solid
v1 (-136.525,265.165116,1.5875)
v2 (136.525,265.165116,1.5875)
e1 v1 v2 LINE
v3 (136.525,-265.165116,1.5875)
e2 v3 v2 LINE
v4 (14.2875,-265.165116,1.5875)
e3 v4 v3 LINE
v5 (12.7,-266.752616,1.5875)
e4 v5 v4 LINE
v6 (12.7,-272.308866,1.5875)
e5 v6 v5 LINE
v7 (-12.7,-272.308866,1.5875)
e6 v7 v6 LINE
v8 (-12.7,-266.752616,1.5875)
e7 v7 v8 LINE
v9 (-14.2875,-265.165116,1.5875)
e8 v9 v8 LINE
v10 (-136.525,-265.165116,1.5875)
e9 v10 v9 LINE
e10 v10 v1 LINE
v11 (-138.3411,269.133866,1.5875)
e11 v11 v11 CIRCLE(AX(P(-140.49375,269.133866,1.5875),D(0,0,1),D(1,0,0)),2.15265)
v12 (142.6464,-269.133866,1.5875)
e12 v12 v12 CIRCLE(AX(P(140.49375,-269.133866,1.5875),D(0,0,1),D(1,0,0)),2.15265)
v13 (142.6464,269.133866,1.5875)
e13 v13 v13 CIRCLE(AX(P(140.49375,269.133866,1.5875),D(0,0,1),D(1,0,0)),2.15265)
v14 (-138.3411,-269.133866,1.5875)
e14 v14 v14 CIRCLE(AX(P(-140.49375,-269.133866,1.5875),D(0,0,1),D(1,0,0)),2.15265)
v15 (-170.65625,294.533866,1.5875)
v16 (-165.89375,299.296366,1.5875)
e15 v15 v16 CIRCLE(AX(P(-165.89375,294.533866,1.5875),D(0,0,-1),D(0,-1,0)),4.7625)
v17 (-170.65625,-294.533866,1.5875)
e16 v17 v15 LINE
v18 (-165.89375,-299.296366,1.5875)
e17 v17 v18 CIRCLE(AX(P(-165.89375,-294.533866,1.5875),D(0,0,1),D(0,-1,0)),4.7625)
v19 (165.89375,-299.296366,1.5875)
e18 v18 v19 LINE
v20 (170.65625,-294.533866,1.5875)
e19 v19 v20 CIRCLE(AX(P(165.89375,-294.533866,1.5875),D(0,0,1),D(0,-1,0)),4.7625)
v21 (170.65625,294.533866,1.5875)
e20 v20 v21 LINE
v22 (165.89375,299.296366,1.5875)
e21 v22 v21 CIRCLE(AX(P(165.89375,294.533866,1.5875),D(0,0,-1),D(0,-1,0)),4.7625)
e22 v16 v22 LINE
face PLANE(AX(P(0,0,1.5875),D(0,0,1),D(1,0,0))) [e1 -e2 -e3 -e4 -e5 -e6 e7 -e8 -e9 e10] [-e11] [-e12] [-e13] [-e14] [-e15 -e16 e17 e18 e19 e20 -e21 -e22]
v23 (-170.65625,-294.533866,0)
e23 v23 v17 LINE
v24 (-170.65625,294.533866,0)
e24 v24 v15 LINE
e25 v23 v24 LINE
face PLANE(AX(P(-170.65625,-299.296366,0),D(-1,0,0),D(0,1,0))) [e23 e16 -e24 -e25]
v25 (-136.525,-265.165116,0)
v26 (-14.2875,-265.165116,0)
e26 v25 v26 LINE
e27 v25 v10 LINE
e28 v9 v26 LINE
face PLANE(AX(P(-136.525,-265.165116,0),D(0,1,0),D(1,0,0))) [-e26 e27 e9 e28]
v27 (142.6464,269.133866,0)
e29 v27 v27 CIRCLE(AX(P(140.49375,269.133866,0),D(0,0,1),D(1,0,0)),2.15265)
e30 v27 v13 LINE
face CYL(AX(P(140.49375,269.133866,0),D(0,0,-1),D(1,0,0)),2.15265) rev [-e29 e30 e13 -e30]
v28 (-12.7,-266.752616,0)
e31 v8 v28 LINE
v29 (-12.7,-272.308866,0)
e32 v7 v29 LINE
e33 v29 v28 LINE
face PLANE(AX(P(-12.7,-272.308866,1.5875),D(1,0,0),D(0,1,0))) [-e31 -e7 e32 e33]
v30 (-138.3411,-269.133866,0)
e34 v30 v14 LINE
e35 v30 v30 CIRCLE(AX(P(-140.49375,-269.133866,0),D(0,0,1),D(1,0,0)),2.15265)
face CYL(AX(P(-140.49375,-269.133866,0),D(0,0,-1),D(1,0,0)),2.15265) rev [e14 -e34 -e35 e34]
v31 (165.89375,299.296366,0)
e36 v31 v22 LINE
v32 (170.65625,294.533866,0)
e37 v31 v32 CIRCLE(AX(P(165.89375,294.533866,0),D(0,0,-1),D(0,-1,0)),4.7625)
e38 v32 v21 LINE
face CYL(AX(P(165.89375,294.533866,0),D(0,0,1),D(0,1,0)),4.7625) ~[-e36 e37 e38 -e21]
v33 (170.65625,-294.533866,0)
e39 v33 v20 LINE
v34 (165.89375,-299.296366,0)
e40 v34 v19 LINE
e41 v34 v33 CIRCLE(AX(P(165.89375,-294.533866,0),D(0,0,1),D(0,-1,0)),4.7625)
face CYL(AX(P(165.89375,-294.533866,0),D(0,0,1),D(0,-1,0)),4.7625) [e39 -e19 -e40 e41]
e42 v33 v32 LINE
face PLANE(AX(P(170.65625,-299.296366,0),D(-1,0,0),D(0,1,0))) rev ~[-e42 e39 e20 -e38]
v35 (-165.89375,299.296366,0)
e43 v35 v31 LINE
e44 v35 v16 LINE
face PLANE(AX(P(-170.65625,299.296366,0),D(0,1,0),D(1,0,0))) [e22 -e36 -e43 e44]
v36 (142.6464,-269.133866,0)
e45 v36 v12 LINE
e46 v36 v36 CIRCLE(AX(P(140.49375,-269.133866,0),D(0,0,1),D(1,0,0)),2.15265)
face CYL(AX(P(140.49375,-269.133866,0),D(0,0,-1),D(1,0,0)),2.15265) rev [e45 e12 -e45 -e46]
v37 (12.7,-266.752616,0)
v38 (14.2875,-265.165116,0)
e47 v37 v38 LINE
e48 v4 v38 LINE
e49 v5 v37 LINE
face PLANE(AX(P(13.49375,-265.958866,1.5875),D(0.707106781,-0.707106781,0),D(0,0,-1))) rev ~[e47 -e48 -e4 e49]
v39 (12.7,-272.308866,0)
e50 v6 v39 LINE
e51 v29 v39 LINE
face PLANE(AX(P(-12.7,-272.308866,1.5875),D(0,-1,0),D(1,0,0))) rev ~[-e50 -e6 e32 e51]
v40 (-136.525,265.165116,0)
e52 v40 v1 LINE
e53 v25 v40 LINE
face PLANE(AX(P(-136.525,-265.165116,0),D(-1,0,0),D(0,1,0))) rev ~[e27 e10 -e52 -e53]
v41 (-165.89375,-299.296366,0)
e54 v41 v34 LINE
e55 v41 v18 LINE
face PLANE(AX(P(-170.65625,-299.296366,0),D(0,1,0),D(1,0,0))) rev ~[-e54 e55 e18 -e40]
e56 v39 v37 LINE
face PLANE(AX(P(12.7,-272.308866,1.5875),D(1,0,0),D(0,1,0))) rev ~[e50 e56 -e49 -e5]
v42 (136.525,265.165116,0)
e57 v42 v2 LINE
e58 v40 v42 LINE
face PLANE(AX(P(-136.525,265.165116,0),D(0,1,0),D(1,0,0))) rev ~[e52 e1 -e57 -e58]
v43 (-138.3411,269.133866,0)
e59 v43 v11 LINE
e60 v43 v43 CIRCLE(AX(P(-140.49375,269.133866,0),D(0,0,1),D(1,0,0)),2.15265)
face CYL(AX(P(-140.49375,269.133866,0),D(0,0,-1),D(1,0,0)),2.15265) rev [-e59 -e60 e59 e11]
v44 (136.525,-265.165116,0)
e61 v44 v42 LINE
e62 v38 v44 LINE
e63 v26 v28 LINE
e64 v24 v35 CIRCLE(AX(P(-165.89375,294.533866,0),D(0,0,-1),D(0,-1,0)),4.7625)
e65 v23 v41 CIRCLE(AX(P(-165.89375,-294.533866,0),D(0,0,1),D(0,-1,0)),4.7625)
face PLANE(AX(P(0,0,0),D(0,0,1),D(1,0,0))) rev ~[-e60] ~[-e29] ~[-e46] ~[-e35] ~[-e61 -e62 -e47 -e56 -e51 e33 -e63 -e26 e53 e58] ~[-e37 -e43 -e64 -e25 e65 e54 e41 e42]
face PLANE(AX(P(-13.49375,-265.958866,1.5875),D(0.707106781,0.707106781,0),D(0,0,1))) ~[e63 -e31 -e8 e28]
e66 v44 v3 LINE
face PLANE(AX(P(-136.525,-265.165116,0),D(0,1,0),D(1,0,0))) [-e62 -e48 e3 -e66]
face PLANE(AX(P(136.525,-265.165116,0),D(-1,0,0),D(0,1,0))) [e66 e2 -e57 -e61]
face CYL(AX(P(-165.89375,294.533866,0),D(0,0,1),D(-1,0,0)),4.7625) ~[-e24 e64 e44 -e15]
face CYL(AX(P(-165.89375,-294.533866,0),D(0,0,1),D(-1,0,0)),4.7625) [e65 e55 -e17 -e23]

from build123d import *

# Parameters (mm, degrees)
F0_W     = 341.3125
F0_H     = 598.5927322
F0_R     = 2.15265
F0_W_2   = 273.05
F0_H_2   = 530.3302322
F1_DEPTH = 1.5875
F2_R     = 4.7625
F3_W     = 25.4
F3_H     = 7.14375
F4_DEPTH = 1.5875
F5_SIZE  = 1.5875


with BuildPart() as f1:
    # F0 (on Top) → F1 (new body)
    with BuildSketch(Plane.XY):
        Rectangle(F0_W, F0_H)
        with Locations((-140.49375, -269.1338661)):
            Circle(F0_R, mode=Mode.SUBTRACT)
        with Locations((140.49375, -269.1338661)):
            Circle(F0_R, mode=Mode.SUBTRACT)
        with Locations((-140.49375, 269.1338661)):
            Circle(F0_R, mode=Mode.SUBTRACT)
        Rectangle(F0_W_2, F0_H_2, mode=Mode.SUBTRACT)
        with Locations((140.49375, 269.1338661)):
            Circle(F0_R, mode=Mode.SUBTRACT)
    extrude(amount=F1_DEPTH)

    # F2
    f2_edges = [f1.edges().sort_by_distance(p)[0] for p in [
        (-170.65625, 299.296366, 0.79375),
        (170.65625, 299.296366, 0.79375),
        (170.65625, -299.296366, 0.79375),
        (-170.65625, -299.296366, 0.79375),
    ]]
    fillet(f2_edges, radius=F2_R)

    # F3 (on face) → F4 (cut, through all)
    with BuildSketch(Plane.XY.offset(1.5875)):
        with Locations((0, -268.7369911)):
            Rectangle(F3_W, F3_H)
    extrude(amount=-F4_DEPTH, mode=Mode.SUBTRACT)

    # F5
    f5_edges = [f1.edges().sort_by_distance(p)[0] for p in [
        (12.7, -265.165116, 0.79375),
        (-12.7, -265.165116, 0.79375),
    ]]
    chamfer(f5_edges, length=F5_SIZE)


solid = f1.part
